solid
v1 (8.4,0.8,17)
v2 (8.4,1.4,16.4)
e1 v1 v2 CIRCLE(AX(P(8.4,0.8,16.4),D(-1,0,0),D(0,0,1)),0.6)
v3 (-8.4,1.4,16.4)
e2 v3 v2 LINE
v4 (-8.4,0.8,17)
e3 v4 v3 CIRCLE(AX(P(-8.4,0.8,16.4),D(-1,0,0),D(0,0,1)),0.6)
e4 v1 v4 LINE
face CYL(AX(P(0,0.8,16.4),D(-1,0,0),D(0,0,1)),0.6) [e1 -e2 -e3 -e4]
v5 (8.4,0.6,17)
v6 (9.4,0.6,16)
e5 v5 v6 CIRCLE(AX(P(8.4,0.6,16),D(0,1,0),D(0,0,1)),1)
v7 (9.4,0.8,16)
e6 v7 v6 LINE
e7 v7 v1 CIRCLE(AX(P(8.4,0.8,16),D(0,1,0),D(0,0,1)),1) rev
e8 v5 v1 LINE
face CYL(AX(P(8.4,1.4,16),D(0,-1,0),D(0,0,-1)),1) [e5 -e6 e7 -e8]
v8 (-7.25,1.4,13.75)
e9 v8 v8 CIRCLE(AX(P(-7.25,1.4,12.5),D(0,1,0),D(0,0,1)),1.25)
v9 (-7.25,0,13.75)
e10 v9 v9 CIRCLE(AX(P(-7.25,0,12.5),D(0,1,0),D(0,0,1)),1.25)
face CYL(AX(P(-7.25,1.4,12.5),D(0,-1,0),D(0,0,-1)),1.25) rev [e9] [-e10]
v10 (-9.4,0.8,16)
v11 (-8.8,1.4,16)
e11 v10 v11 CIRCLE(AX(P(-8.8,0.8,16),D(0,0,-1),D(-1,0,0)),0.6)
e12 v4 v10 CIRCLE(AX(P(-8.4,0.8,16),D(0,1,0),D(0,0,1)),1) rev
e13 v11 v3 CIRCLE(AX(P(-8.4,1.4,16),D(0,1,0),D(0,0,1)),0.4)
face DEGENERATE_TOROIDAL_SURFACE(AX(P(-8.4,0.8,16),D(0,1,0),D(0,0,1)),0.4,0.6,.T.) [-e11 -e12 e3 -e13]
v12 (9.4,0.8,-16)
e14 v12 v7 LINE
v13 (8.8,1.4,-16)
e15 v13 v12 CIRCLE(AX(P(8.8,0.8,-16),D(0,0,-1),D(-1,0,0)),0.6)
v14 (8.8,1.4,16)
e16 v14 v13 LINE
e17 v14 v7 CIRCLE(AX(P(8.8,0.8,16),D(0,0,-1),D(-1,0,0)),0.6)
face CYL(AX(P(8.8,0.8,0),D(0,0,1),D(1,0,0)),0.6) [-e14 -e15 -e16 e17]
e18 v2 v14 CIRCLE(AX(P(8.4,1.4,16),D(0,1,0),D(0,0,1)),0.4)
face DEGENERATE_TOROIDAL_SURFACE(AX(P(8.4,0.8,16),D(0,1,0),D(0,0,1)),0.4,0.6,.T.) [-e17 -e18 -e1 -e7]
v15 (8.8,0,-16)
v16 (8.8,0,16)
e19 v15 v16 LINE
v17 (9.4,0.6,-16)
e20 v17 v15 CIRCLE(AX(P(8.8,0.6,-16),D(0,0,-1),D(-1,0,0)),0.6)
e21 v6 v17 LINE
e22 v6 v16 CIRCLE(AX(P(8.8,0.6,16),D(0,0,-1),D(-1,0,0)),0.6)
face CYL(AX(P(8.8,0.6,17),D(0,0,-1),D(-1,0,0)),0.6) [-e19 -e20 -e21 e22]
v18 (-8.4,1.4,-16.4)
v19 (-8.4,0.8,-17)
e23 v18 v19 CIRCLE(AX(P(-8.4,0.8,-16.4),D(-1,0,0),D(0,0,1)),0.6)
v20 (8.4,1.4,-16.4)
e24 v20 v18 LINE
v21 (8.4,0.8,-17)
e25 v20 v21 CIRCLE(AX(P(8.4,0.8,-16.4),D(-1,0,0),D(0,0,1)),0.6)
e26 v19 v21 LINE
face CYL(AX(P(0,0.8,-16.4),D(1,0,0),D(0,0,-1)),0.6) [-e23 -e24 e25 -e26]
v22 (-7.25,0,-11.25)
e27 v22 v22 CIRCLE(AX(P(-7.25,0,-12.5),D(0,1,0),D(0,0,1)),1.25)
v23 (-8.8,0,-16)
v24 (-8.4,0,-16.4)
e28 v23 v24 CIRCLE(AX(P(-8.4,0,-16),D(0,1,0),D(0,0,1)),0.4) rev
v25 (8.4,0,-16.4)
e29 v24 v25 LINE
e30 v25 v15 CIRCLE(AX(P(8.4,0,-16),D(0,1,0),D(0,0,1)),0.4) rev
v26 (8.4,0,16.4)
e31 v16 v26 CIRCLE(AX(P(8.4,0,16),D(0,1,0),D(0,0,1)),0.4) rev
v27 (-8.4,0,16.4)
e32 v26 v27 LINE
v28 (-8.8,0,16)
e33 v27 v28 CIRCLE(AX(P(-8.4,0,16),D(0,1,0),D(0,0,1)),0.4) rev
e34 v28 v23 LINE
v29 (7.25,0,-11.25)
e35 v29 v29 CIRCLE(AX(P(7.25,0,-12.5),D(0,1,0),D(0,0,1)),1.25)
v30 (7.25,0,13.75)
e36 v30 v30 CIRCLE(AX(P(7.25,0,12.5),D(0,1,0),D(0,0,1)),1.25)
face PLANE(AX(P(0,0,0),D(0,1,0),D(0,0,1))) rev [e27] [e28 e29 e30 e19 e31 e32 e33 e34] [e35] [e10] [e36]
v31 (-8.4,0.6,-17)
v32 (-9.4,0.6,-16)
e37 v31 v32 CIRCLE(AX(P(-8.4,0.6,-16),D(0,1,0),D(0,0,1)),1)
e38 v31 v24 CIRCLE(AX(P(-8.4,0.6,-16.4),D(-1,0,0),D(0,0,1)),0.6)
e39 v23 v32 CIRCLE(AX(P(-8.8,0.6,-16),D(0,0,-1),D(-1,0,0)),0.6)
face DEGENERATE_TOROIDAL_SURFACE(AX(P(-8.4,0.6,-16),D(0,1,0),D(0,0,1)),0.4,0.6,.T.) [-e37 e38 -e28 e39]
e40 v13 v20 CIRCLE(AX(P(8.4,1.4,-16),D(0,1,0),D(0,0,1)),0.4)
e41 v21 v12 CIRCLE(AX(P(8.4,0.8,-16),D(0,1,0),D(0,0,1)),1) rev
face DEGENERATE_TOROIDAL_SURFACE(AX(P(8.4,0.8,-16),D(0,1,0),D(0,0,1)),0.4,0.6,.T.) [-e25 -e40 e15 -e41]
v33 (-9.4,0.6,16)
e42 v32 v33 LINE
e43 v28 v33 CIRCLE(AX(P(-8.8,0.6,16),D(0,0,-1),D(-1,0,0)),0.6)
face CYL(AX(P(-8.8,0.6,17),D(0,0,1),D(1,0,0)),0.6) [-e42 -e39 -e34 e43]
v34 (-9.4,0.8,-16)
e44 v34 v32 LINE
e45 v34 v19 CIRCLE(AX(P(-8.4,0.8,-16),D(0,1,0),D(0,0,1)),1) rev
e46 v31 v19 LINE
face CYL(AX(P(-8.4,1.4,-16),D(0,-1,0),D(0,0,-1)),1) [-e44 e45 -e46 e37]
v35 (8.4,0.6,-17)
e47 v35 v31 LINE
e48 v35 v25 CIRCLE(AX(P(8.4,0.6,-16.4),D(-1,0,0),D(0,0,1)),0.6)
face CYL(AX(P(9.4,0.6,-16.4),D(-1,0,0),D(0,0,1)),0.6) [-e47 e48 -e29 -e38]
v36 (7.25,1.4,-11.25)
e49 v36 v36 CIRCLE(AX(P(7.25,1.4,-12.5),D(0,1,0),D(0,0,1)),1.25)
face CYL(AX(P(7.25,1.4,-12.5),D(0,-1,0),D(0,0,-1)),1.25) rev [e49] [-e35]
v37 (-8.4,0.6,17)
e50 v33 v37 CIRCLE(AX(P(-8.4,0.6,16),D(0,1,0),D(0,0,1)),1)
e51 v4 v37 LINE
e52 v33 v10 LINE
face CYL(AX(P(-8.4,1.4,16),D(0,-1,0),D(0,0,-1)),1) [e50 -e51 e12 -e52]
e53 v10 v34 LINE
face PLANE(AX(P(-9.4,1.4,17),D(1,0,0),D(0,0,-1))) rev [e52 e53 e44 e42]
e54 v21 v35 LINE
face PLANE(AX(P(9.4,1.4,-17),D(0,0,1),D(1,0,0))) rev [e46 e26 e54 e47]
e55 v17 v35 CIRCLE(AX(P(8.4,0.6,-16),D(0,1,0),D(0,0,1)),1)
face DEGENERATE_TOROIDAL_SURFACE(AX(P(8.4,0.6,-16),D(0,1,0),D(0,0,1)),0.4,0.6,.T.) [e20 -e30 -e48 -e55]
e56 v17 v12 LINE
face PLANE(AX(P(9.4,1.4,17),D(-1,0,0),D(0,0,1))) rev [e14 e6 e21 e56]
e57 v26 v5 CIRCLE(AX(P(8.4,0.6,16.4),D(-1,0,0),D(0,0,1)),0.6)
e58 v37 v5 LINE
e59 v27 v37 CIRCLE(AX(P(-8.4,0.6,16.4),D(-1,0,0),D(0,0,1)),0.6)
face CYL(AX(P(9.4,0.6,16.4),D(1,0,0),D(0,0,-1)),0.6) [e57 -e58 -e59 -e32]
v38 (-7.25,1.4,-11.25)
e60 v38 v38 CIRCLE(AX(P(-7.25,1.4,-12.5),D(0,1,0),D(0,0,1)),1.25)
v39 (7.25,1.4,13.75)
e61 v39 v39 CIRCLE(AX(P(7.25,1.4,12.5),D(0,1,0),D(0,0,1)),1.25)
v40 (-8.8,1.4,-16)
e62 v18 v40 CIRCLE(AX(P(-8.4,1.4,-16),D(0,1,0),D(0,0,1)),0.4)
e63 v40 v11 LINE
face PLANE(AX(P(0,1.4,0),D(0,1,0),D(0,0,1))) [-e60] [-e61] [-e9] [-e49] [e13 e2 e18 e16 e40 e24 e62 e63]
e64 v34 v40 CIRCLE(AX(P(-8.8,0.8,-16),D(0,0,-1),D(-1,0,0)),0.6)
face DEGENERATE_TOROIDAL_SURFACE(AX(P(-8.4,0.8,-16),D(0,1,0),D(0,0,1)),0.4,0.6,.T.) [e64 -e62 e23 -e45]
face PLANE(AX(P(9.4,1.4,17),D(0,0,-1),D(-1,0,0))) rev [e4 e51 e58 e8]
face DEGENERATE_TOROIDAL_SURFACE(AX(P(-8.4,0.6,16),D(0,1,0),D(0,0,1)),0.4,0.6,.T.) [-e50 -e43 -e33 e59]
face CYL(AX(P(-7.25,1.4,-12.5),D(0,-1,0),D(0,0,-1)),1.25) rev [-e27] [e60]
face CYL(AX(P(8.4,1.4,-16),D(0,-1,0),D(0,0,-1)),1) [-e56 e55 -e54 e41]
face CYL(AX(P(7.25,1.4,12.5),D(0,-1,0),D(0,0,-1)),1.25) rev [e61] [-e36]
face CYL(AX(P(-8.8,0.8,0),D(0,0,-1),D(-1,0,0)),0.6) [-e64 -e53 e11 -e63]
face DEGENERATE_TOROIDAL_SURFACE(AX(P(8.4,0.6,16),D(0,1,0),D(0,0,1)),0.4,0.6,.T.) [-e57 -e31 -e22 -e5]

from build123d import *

# Parameters (mm, degrees)
SKETCH1_W                 = 18.8
SKETCH1_H                 = 34
SKETCH1_R                 = 1.25
CABLE_PLATE_EXTRUDE_DEPTH = 1.4
FILLET2_R                 = 1
FILLET1_R                 = 0.6


with BuildPart() as part:
    # Sketch1 → Cable Plate Extrude (new body)
    with BuildSketch(Plane(origin=(0, 0, 0), x_dir=(1, 0, 0), z_dir=(0, 1, 0))):
        Rectangle(SKETCH1_W, SKETCH1_H)
        with Locations(Location((-7.25, 12.5, 0), (0, 0, 270))):
            Circle(SKETCH1_R, mode=Mode.SUBTRACT)
        with Locations(Location((7.25, 12.5, 0), (0, 0, 270))):
            Circle(SKETCH1_R, mode=Mode.SUBTRACT)
        with Locations(Location((-7.25, -12.5, 0), (0, 0, 270))):
            Circle(SKETCH1_R, mode=Mode.SUBTRACT)
        with Locations(Location((7.25, -12.5, 0), (0, 0, 270))):
            Circle(SKETCH1_R, mode=Mode.SUBTRACT)
    extrude(amount=CABLE_PLATE_EXTRUDE_DEPTH)

    # Fillet2
    fillet2_edges = [part.edges().sort_by_distance(p)[0] for p in [
        (-9.4, 0.7, -17),
        (9.4, 0.7, -17),
        (9.4, 0.7, 17),
        (-9.4, 0.7, 17),
    ]]
    fillet(fillet2_edges, radius=FILLET2_R)

    # Fillet1
    fillet1_edges = [part.edges().sort_by_distance(p)[0] for p in [
        (0, 0, 17),
        (0, 1.4, 17),
        (-9.4, 0, 0),
        (0, 0, -17),
        (9.4, 0, 0),
        (-9.107106781, 0, -16.707106781),
        (9.107106781, 0, -16.707106781),
        (9.107106781, 0, 16.707106781),
        (-9.107106781, 0, 16.707106781),
        (-9.4, 1.4, 0),
        (9.4, 1.4, 0),
        (0, 1.4, -17),
        (-9.107106781, 1.4, -16.707106781),
        (9.107106781, 1.4, -16.707106781),
        (9.107106781, 1.4, 16.707106781),
        (-9.107106781, 1.4, 16.707106781),
    ]]
    fillet(fillet1_edges, radius=FILLET1_R)


solid = part.part
